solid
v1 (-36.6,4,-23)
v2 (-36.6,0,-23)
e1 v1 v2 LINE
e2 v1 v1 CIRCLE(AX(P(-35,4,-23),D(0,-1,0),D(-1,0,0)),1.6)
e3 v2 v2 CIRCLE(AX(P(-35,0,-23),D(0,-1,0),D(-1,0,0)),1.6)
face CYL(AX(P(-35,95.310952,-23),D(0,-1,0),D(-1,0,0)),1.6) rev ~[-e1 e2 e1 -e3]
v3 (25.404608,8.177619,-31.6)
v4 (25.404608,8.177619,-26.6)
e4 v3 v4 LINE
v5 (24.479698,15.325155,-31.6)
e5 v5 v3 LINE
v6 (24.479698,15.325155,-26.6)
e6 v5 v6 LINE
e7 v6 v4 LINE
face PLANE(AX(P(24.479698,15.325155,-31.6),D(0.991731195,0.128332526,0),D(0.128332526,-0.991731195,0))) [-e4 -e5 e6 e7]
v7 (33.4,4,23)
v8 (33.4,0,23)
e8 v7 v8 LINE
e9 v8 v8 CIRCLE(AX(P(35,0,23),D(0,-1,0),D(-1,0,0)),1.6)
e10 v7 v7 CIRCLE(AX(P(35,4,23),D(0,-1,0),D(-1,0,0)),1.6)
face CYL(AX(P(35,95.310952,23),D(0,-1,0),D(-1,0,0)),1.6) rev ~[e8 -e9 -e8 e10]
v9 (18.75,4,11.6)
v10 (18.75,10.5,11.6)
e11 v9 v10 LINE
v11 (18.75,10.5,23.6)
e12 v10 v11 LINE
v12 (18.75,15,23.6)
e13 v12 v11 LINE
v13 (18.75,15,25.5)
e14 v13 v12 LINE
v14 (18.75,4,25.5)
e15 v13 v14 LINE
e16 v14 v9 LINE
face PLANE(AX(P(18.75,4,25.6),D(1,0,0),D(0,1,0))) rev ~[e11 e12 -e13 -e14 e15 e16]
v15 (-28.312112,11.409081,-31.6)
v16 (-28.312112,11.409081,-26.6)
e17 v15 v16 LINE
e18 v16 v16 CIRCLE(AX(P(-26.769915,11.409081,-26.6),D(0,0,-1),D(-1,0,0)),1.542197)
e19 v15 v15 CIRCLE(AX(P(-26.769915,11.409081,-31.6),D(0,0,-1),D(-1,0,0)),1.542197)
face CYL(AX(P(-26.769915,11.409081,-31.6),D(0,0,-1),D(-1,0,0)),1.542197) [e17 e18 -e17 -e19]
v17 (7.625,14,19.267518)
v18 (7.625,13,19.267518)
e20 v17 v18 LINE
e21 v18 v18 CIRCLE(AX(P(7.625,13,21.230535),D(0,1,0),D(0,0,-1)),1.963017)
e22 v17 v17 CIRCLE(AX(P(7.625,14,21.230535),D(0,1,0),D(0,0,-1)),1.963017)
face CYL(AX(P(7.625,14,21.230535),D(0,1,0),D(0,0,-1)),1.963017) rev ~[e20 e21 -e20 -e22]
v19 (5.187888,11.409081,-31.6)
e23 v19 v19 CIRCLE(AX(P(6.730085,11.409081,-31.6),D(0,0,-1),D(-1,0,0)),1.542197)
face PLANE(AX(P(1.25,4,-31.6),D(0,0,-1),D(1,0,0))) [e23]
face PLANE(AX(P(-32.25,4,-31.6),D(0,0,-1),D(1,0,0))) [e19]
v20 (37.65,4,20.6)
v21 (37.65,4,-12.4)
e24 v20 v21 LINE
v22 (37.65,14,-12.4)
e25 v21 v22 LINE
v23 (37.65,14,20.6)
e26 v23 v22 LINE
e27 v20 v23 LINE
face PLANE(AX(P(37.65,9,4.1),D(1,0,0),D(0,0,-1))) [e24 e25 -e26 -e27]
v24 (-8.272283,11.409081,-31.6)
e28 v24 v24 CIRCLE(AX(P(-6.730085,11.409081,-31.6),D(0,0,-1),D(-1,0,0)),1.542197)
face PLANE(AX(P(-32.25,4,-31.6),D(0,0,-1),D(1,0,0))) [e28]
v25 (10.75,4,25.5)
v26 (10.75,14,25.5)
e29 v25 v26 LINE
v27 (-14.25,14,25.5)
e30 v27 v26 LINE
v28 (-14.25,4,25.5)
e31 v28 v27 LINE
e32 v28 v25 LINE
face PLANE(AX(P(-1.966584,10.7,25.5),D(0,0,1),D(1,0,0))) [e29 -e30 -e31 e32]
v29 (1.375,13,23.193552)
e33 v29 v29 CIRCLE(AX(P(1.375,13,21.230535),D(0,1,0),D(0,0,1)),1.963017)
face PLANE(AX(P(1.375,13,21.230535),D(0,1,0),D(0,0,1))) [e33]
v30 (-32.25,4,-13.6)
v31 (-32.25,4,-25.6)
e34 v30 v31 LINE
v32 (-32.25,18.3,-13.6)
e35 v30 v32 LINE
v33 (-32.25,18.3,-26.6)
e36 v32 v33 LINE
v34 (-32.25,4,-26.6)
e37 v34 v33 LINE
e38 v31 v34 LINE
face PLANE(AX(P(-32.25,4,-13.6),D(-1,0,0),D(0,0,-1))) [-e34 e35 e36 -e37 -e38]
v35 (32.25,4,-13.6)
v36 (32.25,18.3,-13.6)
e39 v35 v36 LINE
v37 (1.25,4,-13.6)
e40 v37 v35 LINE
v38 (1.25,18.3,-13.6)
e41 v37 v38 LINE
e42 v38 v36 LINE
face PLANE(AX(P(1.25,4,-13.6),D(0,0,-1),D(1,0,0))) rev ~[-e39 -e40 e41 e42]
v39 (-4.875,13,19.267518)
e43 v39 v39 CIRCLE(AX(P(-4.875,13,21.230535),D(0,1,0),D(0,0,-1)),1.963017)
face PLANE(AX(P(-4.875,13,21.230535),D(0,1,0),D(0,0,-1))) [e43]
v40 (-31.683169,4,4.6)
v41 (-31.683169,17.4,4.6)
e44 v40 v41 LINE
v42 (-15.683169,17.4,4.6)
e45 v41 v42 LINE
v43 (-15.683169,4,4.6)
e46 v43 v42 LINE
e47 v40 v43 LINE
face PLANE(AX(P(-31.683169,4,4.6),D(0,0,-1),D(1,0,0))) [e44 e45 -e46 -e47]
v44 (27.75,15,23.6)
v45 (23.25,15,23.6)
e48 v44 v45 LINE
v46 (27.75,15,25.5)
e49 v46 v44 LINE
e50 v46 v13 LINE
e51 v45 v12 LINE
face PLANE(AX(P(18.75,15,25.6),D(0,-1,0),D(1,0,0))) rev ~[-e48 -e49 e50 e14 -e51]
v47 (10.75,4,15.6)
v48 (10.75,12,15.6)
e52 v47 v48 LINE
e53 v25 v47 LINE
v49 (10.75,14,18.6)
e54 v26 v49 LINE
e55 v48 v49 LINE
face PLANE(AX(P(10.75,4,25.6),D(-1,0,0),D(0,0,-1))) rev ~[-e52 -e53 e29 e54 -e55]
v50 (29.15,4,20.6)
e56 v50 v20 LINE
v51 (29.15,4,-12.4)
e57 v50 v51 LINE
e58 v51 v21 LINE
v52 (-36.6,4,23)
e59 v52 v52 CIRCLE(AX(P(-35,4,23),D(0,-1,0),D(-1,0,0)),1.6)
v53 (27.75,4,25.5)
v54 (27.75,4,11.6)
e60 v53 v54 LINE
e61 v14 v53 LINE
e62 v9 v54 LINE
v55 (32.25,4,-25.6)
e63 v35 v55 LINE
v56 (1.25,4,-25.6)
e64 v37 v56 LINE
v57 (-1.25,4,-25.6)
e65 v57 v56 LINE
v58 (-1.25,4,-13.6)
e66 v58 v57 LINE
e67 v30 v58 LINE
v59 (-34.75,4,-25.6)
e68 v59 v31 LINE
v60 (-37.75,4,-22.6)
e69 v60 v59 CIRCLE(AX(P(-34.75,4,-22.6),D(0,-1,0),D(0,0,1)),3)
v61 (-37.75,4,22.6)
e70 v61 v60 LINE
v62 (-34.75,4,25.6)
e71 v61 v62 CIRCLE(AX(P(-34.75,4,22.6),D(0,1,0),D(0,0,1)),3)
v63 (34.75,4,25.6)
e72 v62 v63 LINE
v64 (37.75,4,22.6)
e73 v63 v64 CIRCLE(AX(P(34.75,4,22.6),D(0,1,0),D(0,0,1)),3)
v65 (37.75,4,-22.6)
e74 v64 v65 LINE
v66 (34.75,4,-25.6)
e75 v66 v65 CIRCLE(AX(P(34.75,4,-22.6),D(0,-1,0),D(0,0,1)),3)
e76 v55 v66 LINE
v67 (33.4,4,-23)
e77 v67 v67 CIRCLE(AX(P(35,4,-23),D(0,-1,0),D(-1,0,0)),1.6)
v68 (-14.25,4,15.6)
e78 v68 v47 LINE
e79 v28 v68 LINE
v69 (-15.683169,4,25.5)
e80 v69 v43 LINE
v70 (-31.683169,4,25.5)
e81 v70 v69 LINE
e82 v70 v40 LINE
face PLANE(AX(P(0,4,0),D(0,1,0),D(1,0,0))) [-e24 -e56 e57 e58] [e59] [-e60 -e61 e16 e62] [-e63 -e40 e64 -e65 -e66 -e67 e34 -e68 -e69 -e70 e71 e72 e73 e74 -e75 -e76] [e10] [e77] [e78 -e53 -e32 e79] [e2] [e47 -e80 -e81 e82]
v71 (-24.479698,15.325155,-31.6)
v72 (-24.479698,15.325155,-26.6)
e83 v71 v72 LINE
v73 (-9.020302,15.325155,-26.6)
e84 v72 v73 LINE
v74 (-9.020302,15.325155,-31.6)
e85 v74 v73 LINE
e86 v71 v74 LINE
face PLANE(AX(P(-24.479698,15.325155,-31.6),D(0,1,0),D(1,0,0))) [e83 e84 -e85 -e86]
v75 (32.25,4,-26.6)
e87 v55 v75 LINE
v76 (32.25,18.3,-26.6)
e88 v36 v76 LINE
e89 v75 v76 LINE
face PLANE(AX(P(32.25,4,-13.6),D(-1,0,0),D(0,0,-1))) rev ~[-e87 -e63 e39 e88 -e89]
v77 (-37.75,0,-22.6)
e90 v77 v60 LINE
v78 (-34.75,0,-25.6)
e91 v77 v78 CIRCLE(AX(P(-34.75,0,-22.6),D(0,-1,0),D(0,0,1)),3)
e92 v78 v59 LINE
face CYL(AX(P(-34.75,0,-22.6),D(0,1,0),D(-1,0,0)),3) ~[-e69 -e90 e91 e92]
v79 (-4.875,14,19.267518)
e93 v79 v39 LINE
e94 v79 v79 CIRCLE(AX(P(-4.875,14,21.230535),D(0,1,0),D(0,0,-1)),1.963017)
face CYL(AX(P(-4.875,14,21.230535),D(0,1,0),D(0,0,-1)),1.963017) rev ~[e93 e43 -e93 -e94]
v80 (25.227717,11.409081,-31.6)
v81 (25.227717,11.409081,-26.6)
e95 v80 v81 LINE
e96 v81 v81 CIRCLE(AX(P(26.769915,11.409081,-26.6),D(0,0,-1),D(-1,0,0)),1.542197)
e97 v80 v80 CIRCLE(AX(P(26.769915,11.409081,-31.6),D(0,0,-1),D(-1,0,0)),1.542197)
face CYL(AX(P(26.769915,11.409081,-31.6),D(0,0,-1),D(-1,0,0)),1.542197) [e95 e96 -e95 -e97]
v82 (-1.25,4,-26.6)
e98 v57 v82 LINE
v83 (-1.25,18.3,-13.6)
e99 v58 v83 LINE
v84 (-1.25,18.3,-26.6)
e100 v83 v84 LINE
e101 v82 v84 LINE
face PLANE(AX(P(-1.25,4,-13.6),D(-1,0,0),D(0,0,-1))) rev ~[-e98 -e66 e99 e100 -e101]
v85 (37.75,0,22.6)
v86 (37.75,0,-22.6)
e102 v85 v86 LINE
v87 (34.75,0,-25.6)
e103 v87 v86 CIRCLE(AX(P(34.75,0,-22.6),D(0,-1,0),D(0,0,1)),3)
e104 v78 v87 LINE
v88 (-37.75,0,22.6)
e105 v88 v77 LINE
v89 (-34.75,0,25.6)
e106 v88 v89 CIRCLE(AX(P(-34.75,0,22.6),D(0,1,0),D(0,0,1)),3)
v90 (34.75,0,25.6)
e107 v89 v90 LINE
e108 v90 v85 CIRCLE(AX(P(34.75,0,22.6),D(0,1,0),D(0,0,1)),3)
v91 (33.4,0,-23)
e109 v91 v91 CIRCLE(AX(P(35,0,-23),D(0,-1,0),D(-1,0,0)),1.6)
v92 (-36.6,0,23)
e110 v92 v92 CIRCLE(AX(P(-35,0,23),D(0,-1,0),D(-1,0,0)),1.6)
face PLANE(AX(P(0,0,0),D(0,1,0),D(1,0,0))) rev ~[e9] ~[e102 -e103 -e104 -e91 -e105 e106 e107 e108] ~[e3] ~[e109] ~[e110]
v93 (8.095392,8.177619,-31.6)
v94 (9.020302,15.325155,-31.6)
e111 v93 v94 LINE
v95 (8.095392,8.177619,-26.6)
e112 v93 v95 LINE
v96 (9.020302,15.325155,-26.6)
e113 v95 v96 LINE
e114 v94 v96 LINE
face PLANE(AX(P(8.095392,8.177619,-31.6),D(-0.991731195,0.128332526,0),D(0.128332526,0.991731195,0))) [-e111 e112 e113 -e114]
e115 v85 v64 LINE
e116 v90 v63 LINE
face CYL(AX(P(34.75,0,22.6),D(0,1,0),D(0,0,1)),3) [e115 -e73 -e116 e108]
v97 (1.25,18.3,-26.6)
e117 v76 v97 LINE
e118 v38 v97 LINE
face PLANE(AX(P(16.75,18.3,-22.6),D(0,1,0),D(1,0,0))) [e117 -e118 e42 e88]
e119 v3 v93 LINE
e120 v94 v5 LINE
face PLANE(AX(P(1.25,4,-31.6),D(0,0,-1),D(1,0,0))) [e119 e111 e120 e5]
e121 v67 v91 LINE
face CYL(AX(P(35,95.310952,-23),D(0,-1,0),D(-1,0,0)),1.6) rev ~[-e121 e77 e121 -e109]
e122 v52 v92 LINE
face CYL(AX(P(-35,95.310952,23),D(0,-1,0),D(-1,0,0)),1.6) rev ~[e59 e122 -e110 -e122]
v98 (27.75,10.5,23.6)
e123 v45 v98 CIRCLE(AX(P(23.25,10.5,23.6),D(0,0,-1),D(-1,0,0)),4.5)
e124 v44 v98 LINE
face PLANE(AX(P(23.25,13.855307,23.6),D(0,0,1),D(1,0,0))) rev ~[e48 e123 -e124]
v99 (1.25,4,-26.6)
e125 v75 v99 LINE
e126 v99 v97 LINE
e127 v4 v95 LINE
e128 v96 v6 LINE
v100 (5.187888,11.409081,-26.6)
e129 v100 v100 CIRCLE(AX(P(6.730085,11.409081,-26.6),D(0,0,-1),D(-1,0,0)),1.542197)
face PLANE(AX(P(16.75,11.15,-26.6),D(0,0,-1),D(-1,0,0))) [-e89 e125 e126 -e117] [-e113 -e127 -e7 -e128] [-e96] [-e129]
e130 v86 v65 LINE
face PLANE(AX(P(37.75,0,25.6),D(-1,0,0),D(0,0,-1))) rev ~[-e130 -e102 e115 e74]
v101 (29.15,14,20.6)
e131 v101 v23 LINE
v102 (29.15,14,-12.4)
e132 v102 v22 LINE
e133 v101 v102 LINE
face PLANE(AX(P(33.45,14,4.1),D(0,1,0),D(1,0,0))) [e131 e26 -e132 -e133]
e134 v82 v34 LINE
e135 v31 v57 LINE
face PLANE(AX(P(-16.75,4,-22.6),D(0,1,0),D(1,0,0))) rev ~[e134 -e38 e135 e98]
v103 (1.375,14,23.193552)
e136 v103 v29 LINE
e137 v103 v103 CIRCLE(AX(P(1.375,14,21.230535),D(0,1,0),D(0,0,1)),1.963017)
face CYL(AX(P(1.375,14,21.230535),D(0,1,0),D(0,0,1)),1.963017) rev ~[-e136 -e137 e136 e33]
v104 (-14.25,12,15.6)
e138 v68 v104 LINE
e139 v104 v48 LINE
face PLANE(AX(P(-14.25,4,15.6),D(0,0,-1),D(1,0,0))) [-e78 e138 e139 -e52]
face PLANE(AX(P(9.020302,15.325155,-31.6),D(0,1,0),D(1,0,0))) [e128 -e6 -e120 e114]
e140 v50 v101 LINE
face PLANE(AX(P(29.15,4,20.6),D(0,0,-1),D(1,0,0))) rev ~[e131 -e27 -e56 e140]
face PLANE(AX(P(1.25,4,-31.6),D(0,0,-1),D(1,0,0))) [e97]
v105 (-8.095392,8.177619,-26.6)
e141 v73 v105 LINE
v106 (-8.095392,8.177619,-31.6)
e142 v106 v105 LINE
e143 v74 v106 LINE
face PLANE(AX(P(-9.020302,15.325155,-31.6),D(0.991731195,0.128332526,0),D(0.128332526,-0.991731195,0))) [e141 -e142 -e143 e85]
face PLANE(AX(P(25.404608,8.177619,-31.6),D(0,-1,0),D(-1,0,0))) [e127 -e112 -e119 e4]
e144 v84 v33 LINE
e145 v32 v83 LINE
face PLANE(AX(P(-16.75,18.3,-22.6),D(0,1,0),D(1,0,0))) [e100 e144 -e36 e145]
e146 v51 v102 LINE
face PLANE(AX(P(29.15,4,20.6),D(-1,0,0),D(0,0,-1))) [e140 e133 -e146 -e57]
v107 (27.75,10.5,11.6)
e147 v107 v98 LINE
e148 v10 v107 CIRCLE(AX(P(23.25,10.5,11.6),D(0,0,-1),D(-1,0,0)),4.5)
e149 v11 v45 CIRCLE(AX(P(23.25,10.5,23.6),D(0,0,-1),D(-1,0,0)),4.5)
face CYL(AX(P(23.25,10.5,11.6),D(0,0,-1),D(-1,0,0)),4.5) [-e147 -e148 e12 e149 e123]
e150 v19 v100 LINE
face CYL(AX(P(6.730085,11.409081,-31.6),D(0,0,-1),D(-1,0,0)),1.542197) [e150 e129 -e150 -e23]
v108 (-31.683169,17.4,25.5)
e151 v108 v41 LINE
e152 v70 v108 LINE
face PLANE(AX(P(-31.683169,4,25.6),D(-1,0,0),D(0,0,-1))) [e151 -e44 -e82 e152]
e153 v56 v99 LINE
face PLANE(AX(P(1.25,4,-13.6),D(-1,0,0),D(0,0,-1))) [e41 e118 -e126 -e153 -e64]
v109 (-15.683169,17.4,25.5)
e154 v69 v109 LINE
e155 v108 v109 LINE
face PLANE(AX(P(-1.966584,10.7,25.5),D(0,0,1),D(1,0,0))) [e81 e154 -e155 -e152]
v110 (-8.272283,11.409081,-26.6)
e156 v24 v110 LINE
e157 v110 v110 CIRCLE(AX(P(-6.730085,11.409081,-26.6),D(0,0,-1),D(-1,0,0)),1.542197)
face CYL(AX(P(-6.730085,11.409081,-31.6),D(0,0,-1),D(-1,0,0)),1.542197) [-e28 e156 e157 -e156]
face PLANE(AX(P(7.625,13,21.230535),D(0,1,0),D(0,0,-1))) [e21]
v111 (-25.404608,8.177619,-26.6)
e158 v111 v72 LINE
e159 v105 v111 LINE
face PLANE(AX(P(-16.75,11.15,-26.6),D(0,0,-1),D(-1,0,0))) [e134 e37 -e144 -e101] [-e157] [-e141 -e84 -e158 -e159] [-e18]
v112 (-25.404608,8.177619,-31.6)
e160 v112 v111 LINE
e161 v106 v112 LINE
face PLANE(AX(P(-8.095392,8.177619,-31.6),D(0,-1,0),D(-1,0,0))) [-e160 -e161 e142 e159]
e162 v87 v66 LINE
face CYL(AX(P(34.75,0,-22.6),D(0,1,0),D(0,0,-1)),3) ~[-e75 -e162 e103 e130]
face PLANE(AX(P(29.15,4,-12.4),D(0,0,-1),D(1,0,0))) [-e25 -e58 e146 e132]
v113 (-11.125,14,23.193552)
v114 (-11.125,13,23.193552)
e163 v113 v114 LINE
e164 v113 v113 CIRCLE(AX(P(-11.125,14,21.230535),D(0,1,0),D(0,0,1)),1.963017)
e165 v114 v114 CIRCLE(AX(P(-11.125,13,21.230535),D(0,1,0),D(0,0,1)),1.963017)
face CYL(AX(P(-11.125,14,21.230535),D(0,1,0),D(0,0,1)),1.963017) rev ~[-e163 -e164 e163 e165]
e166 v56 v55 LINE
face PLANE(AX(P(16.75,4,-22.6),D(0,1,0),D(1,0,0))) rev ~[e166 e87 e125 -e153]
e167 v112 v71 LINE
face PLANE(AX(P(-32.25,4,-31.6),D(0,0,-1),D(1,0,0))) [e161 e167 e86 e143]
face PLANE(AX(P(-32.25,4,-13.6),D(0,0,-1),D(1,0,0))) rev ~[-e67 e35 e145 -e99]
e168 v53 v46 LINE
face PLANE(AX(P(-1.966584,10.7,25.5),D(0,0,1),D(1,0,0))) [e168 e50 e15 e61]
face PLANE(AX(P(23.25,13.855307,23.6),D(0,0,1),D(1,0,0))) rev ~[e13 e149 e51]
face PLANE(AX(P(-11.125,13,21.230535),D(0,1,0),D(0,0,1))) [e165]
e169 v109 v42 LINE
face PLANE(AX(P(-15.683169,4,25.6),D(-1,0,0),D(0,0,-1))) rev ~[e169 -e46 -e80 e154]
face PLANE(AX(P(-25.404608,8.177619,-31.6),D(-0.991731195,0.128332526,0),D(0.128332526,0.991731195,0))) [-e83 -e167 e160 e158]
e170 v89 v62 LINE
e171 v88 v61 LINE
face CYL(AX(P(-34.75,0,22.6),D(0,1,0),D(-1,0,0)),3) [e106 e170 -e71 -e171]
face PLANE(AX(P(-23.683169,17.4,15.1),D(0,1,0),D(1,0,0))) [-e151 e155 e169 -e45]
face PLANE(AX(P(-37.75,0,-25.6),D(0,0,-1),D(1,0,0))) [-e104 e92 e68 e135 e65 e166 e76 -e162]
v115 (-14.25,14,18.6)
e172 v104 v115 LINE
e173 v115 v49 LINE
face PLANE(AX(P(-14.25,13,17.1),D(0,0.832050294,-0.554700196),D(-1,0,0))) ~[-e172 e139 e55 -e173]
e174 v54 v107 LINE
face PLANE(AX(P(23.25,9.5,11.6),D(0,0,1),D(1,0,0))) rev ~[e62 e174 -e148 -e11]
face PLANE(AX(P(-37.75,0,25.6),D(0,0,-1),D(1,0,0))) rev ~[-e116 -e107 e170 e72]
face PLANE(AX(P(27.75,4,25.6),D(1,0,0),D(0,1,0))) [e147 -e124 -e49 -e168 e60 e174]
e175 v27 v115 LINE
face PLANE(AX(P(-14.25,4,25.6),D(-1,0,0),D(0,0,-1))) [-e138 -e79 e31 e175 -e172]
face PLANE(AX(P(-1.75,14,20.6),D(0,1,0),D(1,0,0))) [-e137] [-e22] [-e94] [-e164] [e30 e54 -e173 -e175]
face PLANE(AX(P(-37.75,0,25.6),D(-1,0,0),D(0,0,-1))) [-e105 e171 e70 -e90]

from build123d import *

# Parameters (mm, degrees)
SKETCH_1_W          = 75.5
SKETCH_1_H          = 51.2
EXTRUDE_1_DEPTH     = 4
HOLE_WIZARD_M3_1_D  = 3.2
FILLET_1_R          = 3
SKETCH_4_W          = 9
SKETCH_4_H          = 11
EXTRUDE_2_DEPTH     = 14
CUT_EXTRUDE_1_DEPTH = 12
SKETCH_6_W          = 25
SKETCH_6_H          = 10
EXTRUDE_3_DEPTH     = 10
SKETCH_7_R          = 1.963016799
CUT_EXTRUDE_2_DEPTH = 1
CHAMFER_1_SIZE      = 2
CHAMFER_1_SIZE2     = 3
SKETCH_8_W          = 8.6
SKETCH_8_H          = 33
EXTRUDE_4_DEPTH     = 10
SKETCH_9_W          = 31
SKETCH_9_H          = 18
EXTRUDE_5_DEPTH     = 14.3
SKETCH_10_W         = 31
SKETCH_10_H         = 14.3
SKETCH_10_R         = 1.542197262
CUT_EXTRUDE_3_DEPTH = 5
SKETCH_11_W         = 16
SKETCH_11_H         = 21
EXTRUDE_6_DEPTH     = 13.4
SKETCH_12_W         = 59.433168898
SKETCH_12_H         = 13.4
CUT_EXTRUDE_4_DEPTH = 0.1
SKETCH_13_W         = 33
SKETCH_13_H         = 10
CUT_EXTRUDE_5_DEPTH = 0.1


with BuildPart() as part:
    # 草图1 → 凸台-拉伸1 (new body)
    with BuildSketch(Plane(origin=(0, 0, 0), x_dir=(1, 0, 0), z_dir=(0, 1, 0))):
        Rectangle(SKETCH_1_W, SKETCH_1_H)
    extrude(amount=EXTRUDE_1_DEPTH)

    # M3 间隙孔1 (through all)
    with Locations(Plane(origin=(0, 4, 0), x_dir=(1, 0, 0), z_dir=(0, 1, 0))):
        with Locations((-35, 23), (35, 23), (-35, -23), (35, -23)):
            Hole(HOLE_WIZARD_M3_1_D / 2)

    # 圆角1
    fillet_1_edges = [part.edges().sort_by_distance(p)[0] for p in [
        (-37.75, 2, -25.6),
        (37.75, 2, -25.6),
        (37.75, 2, 25.6),
        (-37.75, 2, 25.6),
    ]]
    fillet(fillet_1_edges, radius=FILLET_1_R)

    # 草图4 → 凸台-拉伸2 (add)
    with BuildSketch(Plane.XY.offset(25.6)):
        with Locations((23.25, 9.5)):
            Rectangle(SKETCH_4_W, SKETCH_4_H)
    extrude(amount=-EXTRUDE_2_DEPTH)

    # 草图5 → 切除-拉伸1 (cut)
    with BuildSketch(Plane(origin=(0, 0, 11.6), x_dir=(-1, 0, 0), z_dir=(0, 0, -1))):
        with BuildLine():
            Line((-27.75, 10.5), (-28.75, 10.5))
            Line((-28.75, 10.5), (-28.75, 16))
            Line((-28.75, 16), (-17.75, 16))
            Line((-17.75, 16), (-17.75, 10.5))
            Line((-17.75, 10.5), (-18.75, 10.5))
            ThreePointArc((-18.75, 10.5), (-23.25, 15), (-27.75, 10.5))
        make_face()
    extrude(amount=-CUT_EXTRUDE_1_DEPTH, mode=Mode.SUBTRACT)

    # 草图6 → 凸台-拉伸3 (add)
    with BuildSketch(Plane(origin=(0, 4, 0), x_dir=(1, 0, 0), z_dir=(0, 1, 0))):
        with Locations((-1.75, -20.6)):
            Rectangle(SKETCH_6_W, SKETCH_6_H)
    extrude(amount=EXTRUDE_3_DEPTH)

    # 草图7 → 切除-拉伸2 (cut)
    with BuildSketch(Plane(origin=(0, 14, 0), x_dir=(1, 0, 0), z_dir=(0, 1, 0))):
        with Locations(Location((-11.125, -21.230534839, 0), (0, 0, 270))):
            Circle(SKETCH_7_R)
        with Locations(Location((-4.875, -21.230534839, 0), (0, 0, 90))):
            Circle(SKETCH_7_R)
        with Locations(Location((7.625, -21.230534839, 0), (0, 0, 90))):
            Circle(SKETCH_7_R)
        with Locations(Location((1.375, -21.230534839, 0), (0, 0, 270))):
            Circle(SKETCH_7_R)
    extrude(amount=-CUT_EXTRUDE_2_DEPTH, mode=Mode.SUBTRACT)

    # 倒角1
    chamfer_1_edges = [part.edges().sort_by_distance(p)[0] for p in [
        (-1.75, 14, 15.6),
    ]]
    chamfer_1_side = [part.faces().sort_by_distance(p)[0] for p in [
        (-1.75, 9, 15.6),
    ]]
    chamfer(chamfer_1_edges, length=CHAMFER_1_SIZE, length2=CHAMFER_1_SIZE2, reference=chamfer_1_side[0])

    # 草图8 → 凸台-拉伸4 (add)
    with BuildSketch(Plane(origin=(0, 4, 0), x_dir=(1, 0, 0), z_dir=(0, 1, 0))):
        with Locations((33.45, -4.1)):
            Rectangle(SKETCH_8_W, SKETCH_8_H)
    extrude(amount=EXTRUDE_4_DEPTH)

    # 草图9 → 凸台-拉伸5 (add)
    with BuildSketch(Plane(origin=(0, 4, 0), x_dir=(1, 0, 0), z_dir=(0, 1, 0))):
        with Locations((-16.75, 22.6)):
            Rectangle(SKETCH_9_W, SKETCH_9_H)
        with Locations((16.75, 22.6)):
            Rectangle(SKETCH_9_W, SKETCH_9_H)
    extrude(amount=EXTRUDE_5_DEPTH)

    # 草图10 → 切除-拉伸3 (cut)
    # profile 1 of 2: a face of its own
    with BuildSketch(Plane(origin=(0, 0, -31.6), x_dir=(-1, 0, 0), z_dir=(0, 0, -1))):
        with Locations((-16.75, 11.15)):
            Rectangle(SKETCH_10_W, SKETCH_10_H)
        with Locations((-26.769914648, 11.409080509)):
            Circle(SKETCH_10_R, mode=Mode.SUBTRACT)
        with Locations((-6.730085352, 11.409080509)):
            Circle(SKETCH_10_R, mode=Mode.SUBTRACT)
        Polygon((-25.404607637, 8.177619476), (-8.095392363, 8.177619476), (-9.020301502, 15.325154661), (-24.479698498, 15.325154661), align=None, mode=Mode.SUBTRACT)
    # profile 2 of 2: a face of its own
    with BuildSketch(Plane(origin=(0, 0, -31.6), x_dir=(-1, 0, 0), z_dir=(0, 0, -1))):
        with Locations((16.75, 11.15)):
            Rectangle(SKETCH_10_W, SKETCH_10_H)
        with Locations((6.730085352, 11.409080509)):
            Circle(SKETCH_10_R, mode=Mode.SUBTRACT)
        with Locations((26.769914648, 11.409080509)):
            Circle(SKETCH_10_R, mode=Mode.SUBTRACT)
        Polygon((9.020301502, 15.325154661), (8.095392363, 8.177619476), (25.404607637, 8.177619476), (24.479698498, 15.325154661), align=None, mode=Mode.SUBTRACT)
    extrude(amount=-CUT_EXTRUDE_3_DEPTH, mode=Mode.SUBTRACT)

    # 草图11 → 凸台-拉伸6 (add)
    with BuildSketch(Plane(origin=(0, 4, 0), x_dir=(1, 0, 0), z_dir=(0, 1, 0))):
        with Locations((-23.683168898, -15.1)):
            Rectangle(SKETCH_11_W, SKETCH_11_H)
    extrude(amount=EXTRUDE_6_DEPTH)

    # 草图12 → 切除-拉伸4 (cut)
    with BuildSketch(Plane.XY.offset(25.6)):
        with Locations((-1.966584449, 10.7)):
            Rectangle(SKETCH_12_W, SKETCH_12_H)
    extrude(amount=-CUT_EXTRUDE_4_DEPTH, mode=Mode.SUBTRACT)

    # 草图13 → 切除-拉伸5 (cut)
    with BuildSketch(Plane(origin=(37.75, 0, 0), x_dir=(0, 0, -1), z_dir=(1, 0, 0))):
        with Locations((-4.1, 9)):
            Rectangle(SKETCH_13_W, SKETCH_13_H)
    extrude(amount=-CUT_EXTRUDE_5_DEPTH, mode=Mode.SUBTRACT)


solid = part.part
